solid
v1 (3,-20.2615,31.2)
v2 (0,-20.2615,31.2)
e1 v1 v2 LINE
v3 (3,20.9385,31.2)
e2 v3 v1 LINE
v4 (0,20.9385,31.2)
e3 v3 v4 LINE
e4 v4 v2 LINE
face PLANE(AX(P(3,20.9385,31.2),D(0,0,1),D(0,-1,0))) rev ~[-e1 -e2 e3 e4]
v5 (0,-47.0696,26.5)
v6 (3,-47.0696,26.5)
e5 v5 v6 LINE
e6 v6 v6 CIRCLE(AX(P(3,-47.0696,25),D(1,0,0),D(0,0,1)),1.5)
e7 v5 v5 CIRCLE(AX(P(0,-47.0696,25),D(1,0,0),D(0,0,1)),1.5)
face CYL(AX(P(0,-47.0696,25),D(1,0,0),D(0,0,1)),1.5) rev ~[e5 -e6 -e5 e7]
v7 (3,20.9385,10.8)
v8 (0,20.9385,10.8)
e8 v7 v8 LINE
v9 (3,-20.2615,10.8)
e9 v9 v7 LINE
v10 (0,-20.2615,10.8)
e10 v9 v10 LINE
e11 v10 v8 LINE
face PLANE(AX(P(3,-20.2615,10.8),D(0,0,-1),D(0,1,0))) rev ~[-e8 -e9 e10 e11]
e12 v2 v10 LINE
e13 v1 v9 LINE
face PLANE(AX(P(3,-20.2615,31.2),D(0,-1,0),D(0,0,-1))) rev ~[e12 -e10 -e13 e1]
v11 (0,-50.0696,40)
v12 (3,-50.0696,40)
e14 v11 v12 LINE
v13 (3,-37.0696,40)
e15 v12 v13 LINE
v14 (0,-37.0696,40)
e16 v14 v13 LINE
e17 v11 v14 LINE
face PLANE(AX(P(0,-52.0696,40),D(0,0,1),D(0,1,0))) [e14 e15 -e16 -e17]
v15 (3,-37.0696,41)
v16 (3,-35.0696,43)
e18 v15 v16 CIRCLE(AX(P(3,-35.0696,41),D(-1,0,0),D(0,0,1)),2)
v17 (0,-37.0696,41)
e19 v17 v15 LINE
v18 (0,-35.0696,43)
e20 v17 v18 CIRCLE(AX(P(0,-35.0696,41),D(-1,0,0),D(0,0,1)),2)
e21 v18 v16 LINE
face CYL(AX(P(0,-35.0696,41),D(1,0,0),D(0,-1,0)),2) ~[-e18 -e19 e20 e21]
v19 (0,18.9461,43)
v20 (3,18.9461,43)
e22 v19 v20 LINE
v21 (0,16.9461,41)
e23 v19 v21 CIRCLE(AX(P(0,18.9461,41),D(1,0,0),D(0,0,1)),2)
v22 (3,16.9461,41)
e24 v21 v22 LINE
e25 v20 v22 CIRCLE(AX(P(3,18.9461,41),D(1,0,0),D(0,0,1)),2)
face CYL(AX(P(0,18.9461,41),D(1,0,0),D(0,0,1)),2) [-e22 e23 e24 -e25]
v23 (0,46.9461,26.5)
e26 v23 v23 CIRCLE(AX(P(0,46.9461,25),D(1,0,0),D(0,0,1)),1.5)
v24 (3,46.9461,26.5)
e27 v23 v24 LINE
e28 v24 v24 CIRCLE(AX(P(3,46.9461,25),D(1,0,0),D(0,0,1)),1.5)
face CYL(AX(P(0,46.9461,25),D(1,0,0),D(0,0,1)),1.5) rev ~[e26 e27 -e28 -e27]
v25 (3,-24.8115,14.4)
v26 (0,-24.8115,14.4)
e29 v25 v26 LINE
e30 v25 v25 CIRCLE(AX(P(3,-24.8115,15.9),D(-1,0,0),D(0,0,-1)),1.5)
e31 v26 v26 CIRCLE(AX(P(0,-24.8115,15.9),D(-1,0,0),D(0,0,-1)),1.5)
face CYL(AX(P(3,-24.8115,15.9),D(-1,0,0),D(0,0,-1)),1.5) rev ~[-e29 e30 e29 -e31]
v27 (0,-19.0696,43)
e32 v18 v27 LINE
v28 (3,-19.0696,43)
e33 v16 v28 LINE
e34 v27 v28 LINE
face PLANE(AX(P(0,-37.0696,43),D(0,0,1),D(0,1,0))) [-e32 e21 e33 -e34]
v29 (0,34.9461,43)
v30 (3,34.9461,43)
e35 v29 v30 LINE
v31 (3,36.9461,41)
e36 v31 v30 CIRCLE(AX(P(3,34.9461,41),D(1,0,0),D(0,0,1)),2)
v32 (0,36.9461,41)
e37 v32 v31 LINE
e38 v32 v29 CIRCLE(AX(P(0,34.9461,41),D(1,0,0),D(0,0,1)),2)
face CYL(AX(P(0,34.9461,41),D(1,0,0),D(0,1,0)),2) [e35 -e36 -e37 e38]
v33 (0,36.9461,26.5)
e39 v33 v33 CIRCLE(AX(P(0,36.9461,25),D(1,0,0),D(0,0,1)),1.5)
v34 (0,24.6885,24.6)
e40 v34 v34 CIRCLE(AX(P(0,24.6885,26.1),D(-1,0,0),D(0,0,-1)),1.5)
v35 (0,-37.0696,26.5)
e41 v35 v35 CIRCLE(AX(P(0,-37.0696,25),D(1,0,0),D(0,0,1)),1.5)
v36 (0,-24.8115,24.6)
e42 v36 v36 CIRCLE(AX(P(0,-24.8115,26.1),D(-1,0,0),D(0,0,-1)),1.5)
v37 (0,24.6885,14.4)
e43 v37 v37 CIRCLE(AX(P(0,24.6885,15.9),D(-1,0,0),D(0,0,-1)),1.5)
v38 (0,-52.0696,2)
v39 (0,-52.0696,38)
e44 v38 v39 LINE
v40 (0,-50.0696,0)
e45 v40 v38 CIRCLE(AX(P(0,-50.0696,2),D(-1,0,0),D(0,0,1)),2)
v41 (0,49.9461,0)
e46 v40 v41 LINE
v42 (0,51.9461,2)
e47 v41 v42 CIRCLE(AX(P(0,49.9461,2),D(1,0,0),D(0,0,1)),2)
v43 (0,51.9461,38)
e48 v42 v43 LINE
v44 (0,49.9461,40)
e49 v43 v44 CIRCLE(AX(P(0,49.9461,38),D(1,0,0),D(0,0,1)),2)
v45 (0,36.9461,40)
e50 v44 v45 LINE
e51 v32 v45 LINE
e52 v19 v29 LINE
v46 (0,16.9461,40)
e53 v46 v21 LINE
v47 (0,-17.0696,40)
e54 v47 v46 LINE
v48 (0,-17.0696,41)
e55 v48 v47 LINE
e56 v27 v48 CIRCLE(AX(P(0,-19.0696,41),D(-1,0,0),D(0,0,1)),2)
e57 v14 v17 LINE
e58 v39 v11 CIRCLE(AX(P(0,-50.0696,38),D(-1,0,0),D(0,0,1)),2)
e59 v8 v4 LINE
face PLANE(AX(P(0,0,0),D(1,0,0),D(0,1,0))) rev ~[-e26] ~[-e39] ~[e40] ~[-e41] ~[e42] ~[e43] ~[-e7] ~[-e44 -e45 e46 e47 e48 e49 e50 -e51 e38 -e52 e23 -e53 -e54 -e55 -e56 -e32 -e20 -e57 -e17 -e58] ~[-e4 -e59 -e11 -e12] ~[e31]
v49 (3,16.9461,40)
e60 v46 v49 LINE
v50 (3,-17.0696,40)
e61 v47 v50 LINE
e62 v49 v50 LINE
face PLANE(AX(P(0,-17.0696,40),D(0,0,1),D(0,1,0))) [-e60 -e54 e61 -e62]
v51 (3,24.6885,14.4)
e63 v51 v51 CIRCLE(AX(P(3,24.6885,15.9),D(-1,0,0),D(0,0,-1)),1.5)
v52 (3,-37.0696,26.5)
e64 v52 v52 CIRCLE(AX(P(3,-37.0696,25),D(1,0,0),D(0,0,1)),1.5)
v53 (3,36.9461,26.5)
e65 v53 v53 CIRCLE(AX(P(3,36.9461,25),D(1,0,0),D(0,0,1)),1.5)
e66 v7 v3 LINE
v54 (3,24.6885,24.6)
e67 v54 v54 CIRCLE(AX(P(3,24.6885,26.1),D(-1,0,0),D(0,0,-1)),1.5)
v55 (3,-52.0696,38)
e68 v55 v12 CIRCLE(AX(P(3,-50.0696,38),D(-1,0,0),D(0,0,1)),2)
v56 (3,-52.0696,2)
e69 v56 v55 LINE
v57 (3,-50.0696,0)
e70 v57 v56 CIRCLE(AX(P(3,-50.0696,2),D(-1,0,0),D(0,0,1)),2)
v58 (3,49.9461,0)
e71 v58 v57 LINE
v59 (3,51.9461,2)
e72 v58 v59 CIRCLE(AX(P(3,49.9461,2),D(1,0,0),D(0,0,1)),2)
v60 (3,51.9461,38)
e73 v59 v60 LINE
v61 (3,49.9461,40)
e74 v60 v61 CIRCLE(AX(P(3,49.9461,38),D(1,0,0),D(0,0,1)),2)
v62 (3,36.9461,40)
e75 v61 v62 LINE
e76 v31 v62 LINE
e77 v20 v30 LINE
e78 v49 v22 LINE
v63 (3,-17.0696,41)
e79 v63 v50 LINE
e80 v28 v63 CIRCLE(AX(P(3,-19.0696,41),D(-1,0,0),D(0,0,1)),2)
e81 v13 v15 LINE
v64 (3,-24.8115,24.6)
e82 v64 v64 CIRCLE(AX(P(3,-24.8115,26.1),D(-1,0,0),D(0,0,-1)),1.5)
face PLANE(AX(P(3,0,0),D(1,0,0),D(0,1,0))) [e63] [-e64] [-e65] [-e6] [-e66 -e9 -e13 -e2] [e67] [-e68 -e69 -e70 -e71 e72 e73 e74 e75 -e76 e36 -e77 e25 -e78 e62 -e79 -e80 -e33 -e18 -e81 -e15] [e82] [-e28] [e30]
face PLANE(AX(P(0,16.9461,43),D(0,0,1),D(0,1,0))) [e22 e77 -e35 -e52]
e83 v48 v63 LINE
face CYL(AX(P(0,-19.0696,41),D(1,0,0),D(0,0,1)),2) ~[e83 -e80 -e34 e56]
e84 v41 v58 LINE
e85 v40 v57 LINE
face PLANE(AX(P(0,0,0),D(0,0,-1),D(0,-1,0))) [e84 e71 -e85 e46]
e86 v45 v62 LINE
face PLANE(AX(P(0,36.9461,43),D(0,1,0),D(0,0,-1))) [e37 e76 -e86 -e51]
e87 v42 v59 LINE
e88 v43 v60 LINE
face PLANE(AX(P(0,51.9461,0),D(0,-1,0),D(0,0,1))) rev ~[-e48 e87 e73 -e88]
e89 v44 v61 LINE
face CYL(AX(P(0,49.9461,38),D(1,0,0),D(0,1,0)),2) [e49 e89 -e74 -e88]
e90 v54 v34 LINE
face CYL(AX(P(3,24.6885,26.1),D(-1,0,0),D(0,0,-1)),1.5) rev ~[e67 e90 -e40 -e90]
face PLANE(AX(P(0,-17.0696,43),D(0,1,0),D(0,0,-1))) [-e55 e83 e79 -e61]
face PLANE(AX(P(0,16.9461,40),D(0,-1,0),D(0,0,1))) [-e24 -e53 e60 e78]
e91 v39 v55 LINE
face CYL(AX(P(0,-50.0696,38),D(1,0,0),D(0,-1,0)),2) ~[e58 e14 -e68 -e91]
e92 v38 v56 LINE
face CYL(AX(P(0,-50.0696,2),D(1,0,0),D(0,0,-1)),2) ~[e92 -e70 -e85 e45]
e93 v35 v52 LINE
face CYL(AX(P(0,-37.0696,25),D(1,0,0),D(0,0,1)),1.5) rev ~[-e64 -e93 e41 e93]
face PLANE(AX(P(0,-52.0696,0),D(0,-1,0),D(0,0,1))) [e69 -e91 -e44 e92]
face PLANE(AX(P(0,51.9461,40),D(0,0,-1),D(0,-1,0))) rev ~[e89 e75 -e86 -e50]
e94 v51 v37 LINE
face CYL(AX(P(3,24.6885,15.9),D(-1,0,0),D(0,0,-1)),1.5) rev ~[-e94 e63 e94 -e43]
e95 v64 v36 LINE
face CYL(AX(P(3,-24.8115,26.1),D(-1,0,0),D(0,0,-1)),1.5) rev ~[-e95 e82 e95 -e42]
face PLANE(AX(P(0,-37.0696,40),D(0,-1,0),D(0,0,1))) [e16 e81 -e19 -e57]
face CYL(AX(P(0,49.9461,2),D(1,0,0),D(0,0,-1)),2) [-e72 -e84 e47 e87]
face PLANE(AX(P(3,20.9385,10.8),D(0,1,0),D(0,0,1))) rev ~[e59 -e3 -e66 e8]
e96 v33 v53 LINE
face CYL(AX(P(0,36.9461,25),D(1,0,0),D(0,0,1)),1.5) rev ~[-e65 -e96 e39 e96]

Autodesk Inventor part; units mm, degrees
ref_plane "YZ Plane" through (0, 0, 0) normal (1, 0, 0) x (0, 1, 0)
ref_plane "XZ Plane" through (0, 0, 0) normal (0, 1, 0) x (-1, 0, 0)
ref_plane "XY Plane" through (0, 0, 0) normal (0, 0, 1) x (1, 0, 0)
sketch "Boceto1" plane through (0, 0, 0) normal (1, 0, 0) x (0, 1, 0)
  line L0 (0, 0) -> (-52.0696, 0)
  line L1 (-52.0696, 0) -> (-52.0696, 40)
  line L2 (-52.0696, 40) -> (0, 40)
  line L3 (0, 40) -> (0, 0)
  line L4 (0, 0) -> (51.9461, 0)
  line L5 (51.9461, 0) -> (51.9461, 40)
  line L6 (51.9461, 40) -> (0, 40)
  line L7 (0, 40) -> (0, 0)
  line L8 (-52.0696, 43) -> (-52.0696, 40) construction
  line L9 (51.9461, 43) -> (51.9461, 40) construction
  line L10 (36.9461, 40) -> (16.9461, 40)
  line L11 (16.9461, 40) -> (16.9461, 43)
  line L12 (16.9461, 43) -> (36.9461, 43)
  line L13 (36.9461, 43) -> (36.9461, 40)
  line L14 (-17.0696, 40) -> (-37.0696, 40)
  line L15 (-37.0696, 40) -> (-37.0696, 43)
  line L16 (-37.0696, 43) -> (-17.0696, 43)
  line L17 (-17.0696, 43) -> (-17.0696, 40)
  point P0 (16.9461, 40)
  dimension "d15" = 40
  dimension "d16" = 20
  dimension "d17" = 3
  dimension "d18" = 15
  dimension "d19" = 3
  dimension "d20" = 20
  dimension "d21" = 15
extrude "Extrusión1" add sketch "Boceto1" along normal blind 3
sketch "Boceto4" plane through (0, 0, 0) normal (-1, 0, 0) x (0, 0, 1)
  circle A0 centre (25, -37.0696) radius 1.6 construction
  circle A1 centre (25, -47.0696) radius 1.6 construction
  circle A2 centre (25, 36.9461) radius 1.6 construction
  circle A3 centre (25, 46.9461) radius 1.6 construction
  point P0 (0, 0)
hole "Agujero2" at (0, -47.0696, 25) at (0, -37.0696, 25) at (0, 36.9461, 25) at (0, 46.9461, 25) direction (1, 0, 0) diameter 3 end through all
sketch "Boceto5" plane through (3, 0, 0) normal (1, 0, 0) x (0, 0, -1)
  circle A0 centre (-23, 9.9416) radius 1.45 construction
  point P0 (0, 0)
hole "Agujero3" [suppressed]
sketch "ReferenciaEje" plane through (3, 0, 0) normal (1, 0, 0) x (0, 0, -1)
  circle A0 centre (-23, 9.9385) radius 1.65 construction
  line L0 (-40, 16.9461) -> (-40, -17.0696) construction
  line L1 (0, 51.9461) -> (-40, 51.9461) construction
  circle A1 centre (-21, 9.9385) radius 0.5
  point P0 (0, 0)
  dimension "d59" = 19
  dimension "d60" = 42.0076
  dimension "d61" = 1
sketch "Boceto9" plane through (3, 0, 0) normal (1, 0, 0) x (0, 0, -1)
  circle A0 centre (-15.9, 24.6885) radius 2.25 construction
  circle A1 centre (-26.1, 24.6885) radius 2.25 construction
  circle A2 centre (-15.9, -24.8115) radius 2.25 construction
  circle A3 centre (-26.1, -24.8115) radius 2.25 construction
  point P0 (0, 0)
hole "Agujero4" at (3, 24.6885, 15.9) at (3, 24.6885, 26.1) at (3, -24.8115, 26.1) at (3, -24.8115, 15.9) direction (-1, 0, 0) diameter 3 end through all
sketch "Boceto10" plane through (3, 0, 0) normal (1, 0, 0) x (0, 0, -1)
  line L0 (-11, 19.4385) -> (-11, -19.5615) construction
  line L1 (-30.5, 19.9385) -> (-11.5, 19.9385) construction
  line L2 (-31, -19.6129) -> (-31, 19.4898) construction
  line L3 (-11.4533, -20.0615) -> (-30.5467, -20.0615) construction
  line L4 (-10.8, 20.9385) -> (-31.2, 20.9385)
  line L5 (-31.2, 20.9385) -> (-31.2, -20.2615)
  line L6 (-31.2, -20.2615) -> (-10.8, -20.2615)
  line L7 (-10.8, -20.2615) -> (-10.8, 20.9385)
  point P0 (0, 0)
  point P1 (-11, -0.0615)
  dimension "d53" = 0.2
  dimension "d54" = 0.2
  dimension "d55" = 0.2
  dimension "d56" = 1
extrude "Extrusión4" cut sketch "Boceto10" against normal through all
fillet "Empalme1" radius 2 8 edges at (1.5, 51.9461, 0) (1.5, -52.0696, 0) (1.5, -52.0696, 40) (1.5, -37.0696, 43) (1.5, -17.0696, 43) (1.5, 16.9461, 43) (1.5, 36.9461, 43) (1.5, 51.9461, 40)
properties part number "ParedEnsambleMotor"
